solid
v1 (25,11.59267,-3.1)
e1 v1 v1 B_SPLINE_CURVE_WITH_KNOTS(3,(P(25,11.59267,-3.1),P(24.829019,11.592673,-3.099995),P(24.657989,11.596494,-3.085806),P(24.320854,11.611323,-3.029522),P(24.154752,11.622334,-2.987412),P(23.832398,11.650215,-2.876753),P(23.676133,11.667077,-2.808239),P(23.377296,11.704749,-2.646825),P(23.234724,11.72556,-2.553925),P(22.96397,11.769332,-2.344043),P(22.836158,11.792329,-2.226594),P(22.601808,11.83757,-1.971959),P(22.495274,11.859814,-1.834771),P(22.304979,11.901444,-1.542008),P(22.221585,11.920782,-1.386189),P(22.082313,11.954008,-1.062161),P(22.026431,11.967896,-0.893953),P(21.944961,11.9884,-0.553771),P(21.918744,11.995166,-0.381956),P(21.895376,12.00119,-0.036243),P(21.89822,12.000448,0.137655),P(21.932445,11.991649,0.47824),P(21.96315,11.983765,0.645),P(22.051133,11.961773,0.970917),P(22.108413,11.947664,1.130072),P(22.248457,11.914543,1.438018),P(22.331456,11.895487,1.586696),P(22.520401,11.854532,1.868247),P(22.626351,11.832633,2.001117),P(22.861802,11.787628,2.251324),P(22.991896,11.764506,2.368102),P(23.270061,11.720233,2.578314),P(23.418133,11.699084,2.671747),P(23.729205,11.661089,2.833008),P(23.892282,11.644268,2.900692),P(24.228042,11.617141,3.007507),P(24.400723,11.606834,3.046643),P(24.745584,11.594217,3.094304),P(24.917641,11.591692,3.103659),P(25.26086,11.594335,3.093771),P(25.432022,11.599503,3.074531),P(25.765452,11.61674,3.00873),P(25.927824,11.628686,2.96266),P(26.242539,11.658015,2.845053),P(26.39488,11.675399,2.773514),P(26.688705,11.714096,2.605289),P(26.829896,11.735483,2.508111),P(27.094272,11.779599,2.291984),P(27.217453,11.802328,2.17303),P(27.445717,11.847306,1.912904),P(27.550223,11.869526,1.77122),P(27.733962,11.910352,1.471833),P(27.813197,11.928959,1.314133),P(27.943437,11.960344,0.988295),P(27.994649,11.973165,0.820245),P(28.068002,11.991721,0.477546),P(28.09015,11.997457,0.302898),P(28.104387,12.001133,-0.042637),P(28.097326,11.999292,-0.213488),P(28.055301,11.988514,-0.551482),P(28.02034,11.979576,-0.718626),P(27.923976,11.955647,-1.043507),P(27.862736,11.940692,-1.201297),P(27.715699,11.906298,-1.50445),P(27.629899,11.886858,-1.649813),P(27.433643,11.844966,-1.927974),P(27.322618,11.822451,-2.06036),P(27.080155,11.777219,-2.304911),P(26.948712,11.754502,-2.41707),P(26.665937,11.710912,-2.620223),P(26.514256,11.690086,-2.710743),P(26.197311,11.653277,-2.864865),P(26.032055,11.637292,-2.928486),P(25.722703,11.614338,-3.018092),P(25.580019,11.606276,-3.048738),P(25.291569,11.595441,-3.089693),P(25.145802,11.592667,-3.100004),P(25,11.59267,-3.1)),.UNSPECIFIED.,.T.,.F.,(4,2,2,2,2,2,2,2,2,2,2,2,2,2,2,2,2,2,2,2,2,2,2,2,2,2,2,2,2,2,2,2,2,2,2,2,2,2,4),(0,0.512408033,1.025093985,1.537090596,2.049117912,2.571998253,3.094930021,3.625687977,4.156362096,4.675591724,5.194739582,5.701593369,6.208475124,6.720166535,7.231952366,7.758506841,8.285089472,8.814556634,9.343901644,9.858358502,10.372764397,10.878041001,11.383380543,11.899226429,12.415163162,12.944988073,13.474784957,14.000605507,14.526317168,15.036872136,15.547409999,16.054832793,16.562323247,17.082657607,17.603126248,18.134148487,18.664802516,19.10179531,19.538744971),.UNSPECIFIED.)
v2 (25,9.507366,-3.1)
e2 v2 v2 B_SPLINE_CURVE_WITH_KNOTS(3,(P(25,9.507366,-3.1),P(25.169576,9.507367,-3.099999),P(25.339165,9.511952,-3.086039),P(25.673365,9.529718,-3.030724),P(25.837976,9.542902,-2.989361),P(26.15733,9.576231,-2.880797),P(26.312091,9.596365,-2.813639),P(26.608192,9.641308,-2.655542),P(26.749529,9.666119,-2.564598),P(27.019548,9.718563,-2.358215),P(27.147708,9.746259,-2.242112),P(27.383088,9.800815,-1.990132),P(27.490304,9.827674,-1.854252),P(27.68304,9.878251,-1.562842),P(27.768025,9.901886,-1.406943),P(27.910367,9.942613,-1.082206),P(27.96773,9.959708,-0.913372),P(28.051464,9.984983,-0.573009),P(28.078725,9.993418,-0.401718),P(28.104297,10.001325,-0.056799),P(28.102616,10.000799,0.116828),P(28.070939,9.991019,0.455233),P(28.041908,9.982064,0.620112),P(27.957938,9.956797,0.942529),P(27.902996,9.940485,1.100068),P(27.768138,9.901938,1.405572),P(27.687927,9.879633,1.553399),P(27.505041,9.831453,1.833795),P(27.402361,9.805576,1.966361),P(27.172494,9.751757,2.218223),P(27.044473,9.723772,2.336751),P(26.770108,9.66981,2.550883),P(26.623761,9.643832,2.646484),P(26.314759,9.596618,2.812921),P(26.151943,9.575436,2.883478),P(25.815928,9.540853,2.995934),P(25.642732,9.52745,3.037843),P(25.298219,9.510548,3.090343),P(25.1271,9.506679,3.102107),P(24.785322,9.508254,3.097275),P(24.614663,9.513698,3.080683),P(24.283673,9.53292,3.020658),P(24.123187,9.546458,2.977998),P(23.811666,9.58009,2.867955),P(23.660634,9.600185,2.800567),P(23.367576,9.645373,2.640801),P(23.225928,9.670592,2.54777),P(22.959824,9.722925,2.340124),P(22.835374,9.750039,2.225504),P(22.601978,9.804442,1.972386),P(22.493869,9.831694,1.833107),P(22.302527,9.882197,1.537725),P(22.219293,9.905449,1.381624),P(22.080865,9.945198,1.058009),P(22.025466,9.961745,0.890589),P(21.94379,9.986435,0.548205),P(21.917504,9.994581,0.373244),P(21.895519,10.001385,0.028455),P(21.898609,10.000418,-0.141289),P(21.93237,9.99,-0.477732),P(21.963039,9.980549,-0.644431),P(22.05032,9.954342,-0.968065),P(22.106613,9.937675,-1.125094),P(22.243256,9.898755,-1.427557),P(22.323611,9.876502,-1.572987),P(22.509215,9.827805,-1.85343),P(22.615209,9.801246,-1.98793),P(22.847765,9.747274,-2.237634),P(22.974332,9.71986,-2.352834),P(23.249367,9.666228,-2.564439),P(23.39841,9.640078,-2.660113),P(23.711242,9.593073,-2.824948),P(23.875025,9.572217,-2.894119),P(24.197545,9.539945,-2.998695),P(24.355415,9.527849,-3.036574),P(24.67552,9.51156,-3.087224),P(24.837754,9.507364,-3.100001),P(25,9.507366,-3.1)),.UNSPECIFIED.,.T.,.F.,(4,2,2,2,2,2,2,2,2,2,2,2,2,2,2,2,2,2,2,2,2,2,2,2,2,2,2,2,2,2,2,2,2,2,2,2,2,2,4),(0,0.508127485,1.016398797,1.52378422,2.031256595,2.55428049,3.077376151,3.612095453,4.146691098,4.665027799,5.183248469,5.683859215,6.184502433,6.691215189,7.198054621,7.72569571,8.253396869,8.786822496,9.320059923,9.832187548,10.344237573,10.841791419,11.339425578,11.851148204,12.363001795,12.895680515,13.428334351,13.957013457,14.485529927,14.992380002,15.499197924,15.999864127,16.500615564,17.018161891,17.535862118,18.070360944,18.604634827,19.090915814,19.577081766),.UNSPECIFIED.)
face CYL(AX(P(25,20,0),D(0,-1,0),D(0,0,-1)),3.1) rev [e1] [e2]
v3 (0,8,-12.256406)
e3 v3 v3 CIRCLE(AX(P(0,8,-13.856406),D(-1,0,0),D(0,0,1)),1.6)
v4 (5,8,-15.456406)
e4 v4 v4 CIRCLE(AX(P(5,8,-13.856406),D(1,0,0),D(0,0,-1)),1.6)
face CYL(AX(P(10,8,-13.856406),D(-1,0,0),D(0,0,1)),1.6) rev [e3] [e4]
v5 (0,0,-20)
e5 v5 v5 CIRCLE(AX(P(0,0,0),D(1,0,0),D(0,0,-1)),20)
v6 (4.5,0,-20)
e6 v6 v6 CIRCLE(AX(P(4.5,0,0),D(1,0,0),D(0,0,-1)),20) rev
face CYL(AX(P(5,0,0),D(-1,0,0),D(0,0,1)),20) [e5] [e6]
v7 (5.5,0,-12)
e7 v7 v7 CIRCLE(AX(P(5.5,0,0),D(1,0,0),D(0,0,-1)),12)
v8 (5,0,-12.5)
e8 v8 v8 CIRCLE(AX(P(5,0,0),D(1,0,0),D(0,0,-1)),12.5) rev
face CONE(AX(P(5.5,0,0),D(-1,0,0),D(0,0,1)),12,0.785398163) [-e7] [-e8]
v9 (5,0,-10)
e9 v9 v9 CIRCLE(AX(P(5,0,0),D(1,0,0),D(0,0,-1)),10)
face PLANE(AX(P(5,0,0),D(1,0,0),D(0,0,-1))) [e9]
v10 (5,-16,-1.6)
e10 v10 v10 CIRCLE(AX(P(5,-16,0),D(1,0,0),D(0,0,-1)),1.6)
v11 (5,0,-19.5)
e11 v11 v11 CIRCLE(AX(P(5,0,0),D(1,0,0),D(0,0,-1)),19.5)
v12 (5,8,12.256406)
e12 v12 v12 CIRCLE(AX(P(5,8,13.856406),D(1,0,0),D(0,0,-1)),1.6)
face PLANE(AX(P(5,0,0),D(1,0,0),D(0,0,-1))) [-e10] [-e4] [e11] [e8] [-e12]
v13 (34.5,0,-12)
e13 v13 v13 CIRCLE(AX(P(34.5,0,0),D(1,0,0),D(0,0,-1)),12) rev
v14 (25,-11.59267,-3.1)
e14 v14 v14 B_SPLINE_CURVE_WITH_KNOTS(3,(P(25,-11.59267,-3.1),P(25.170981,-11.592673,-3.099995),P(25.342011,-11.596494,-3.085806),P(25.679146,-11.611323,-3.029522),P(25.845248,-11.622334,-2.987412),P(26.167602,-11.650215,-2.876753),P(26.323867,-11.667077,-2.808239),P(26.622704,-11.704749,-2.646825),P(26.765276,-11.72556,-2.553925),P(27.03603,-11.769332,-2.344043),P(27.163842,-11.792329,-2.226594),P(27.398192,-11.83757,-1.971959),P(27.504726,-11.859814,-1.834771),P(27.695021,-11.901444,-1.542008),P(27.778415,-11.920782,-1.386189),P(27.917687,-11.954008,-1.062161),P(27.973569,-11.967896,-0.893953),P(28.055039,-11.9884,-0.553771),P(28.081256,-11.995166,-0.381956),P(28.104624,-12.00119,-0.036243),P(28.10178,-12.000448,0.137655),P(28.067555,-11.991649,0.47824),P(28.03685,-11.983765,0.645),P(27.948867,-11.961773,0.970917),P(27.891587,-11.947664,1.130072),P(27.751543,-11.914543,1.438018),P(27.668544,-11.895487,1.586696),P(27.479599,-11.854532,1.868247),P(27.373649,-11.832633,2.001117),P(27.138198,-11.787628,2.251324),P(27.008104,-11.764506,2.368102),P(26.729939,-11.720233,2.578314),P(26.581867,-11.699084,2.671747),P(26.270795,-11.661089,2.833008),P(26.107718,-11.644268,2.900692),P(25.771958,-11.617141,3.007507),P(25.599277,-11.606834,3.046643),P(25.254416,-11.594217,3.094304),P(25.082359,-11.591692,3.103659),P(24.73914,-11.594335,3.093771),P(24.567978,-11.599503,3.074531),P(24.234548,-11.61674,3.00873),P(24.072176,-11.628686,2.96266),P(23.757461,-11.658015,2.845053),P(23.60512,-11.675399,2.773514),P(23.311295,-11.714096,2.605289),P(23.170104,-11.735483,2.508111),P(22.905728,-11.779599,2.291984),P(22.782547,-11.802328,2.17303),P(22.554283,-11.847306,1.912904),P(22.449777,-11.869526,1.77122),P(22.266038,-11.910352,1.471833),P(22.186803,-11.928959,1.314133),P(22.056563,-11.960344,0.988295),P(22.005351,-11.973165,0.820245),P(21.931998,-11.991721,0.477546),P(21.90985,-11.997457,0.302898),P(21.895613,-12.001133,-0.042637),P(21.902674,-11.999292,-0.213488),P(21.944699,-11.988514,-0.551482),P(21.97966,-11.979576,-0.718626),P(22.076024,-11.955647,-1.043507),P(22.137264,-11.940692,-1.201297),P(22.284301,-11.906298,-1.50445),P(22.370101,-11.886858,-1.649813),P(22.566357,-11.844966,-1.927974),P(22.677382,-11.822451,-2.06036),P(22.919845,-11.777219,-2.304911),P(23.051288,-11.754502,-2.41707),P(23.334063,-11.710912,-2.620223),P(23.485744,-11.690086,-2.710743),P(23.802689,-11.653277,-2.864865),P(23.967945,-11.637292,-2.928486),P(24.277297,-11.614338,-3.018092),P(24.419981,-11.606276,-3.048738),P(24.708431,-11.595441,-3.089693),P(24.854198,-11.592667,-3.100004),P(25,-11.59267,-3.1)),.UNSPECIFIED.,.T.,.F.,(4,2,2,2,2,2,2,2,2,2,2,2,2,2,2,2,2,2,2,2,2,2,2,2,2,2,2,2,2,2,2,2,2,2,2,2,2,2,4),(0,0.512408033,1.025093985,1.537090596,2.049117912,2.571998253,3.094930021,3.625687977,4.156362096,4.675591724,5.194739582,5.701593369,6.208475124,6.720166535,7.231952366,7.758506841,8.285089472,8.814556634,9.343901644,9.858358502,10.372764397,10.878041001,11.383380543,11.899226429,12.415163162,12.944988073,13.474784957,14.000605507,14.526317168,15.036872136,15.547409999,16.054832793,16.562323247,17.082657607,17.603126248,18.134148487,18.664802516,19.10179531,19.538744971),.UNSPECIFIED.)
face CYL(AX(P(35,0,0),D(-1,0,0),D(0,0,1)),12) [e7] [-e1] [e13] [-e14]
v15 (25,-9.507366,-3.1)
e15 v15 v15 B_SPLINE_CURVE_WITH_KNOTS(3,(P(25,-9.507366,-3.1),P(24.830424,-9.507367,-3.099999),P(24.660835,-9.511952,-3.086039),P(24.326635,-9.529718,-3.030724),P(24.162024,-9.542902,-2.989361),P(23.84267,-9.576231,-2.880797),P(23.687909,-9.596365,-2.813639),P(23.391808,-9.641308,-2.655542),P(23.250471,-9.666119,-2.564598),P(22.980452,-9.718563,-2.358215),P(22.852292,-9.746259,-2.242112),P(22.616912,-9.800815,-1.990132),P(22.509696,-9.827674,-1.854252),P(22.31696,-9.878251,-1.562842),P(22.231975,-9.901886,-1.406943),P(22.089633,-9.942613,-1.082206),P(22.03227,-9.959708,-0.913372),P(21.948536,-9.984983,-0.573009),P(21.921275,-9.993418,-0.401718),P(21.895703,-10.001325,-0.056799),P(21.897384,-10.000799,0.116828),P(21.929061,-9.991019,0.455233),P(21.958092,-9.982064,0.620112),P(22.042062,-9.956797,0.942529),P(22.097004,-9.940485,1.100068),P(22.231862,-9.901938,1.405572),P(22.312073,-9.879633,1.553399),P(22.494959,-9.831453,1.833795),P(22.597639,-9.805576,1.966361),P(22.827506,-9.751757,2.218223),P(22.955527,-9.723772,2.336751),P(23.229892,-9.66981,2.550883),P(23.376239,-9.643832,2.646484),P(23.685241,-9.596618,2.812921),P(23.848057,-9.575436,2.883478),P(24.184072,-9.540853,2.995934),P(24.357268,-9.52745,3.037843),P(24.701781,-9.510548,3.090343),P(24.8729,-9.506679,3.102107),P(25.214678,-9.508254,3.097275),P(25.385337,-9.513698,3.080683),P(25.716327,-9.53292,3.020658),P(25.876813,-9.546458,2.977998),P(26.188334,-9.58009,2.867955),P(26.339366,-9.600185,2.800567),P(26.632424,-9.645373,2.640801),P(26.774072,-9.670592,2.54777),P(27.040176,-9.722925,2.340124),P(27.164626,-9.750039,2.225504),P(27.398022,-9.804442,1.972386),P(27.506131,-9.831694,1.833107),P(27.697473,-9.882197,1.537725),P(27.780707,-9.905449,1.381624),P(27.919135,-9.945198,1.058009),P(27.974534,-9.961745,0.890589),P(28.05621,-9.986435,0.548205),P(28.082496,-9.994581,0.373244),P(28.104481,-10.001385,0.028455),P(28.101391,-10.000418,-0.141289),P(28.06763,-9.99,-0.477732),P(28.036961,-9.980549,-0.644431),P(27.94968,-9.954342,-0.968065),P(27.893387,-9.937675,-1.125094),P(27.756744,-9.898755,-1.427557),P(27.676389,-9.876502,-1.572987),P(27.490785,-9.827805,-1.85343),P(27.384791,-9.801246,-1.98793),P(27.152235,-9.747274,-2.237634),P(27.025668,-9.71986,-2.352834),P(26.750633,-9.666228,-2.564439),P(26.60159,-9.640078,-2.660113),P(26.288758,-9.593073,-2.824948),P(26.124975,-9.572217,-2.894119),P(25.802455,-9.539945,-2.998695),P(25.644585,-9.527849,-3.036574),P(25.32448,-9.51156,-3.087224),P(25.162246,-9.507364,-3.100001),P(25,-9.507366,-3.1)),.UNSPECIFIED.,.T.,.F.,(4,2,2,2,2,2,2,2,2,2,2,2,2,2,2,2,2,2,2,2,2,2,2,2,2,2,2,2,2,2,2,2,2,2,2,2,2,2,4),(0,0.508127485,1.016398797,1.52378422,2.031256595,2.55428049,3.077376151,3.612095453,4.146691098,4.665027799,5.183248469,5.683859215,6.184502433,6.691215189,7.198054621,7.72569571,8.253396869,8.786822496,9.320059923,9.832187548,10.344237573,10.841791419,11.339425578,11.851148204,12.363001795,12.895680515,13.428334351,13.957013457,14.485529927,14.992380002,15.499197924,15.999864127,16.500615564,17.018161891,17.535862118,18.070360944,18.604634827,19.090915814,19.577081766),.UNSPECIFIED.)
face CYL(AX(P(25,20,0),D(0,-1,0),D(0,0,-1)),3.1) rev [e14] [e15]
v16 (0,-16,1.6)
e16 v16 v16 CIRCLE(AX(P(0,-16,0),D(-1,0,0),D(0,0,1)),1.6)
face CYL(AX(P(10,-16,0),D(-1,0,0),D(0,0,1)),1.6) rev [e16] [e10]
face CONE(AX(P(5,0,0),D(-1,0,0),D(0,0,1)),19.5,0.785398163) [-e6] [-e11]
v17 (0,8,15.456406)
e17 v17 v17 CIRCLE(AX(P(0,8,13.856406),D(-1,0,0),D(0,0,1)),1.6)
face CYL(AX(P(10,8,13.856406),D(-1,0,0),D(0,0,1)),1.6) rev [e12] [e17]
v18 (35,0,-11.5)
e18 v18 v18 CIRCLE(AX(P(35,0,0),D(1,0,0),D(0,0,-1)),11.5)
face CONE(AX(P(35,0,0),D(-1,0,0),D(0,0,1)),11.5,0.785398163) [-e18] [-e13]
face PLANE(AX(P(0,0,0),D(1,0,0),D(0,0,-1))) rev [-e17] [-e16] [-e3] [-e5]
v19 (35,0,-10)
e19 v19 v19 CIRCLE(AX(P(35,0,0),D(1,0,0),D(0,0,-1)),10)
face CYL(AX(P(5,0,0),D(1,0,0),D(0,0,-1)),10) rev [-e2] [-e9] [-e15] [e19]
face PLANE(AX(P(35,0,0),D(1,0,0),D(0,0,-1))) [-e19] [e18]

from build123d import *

# Parameters (mm, degrees)
SKETCH_1_R               = 20
EXTRUDE_1_DEPTH          = 5
SKETCH_6_R               = 12
EXTRUDE_2_DEPTH          = 30
SKETCH_7_R               = 10
CUT_EXTRUDE_2_DEPTH      = 30
CHAMFER_1_SIZE           = 0.5
CUT_EXTRUDE_3_DEPTH      = 46
CUT_EXTRUDE_3_DEPTH_BACK = 46
SKETCH_8_R               = 3.1
CHAMFER_2_SIZE           = 0.5
CHAMFER_3_SIZE           = 0.5
SKETCH_9_R               = 1.6
CUT_EXTRUDE_4_DEPTH      = 10


with BuildPart() as part:
    # 草图1 → 凸台-拉伸1 (new body)
    with BuildSketch(Plane(origin=(0, 0, 0), x_dir=(0, 0, -1), z_dir=(1, 0, 0))):
        Circle(SKETCH_1_R)
    extrude(amount=EXTRUDE_1_DEPTH)

    # 草图6 → 凸台-拉伸2 (add)
    with BuildSketch(Plane(origin=(5, 0, 0), x_dir=(0, 0, -1), z_dir=(1, 0, 0))):
        Circle(SKETCH_6_R)
    extrude(amount=EXTRUDE_2_DEPTH)

    # 草图7 → 切除-拉伸2 (cut)
    with BuildSketch(Plane(origin=(35, 0, 0), x_dir=(0, 0, -1), z_dir=(1, 0, 0))):
        Circle(SKETCH_7_R)
    extrude(amount=-CUT_EXTRUDE_2_DEPTH, mode=Mode.SUBTRACT)

    # 倒角1
    chamfer_1_edges = [part.edges().sort_by_distance(p)[0] for p in [
        (35, 0, 12),
    ]]
    chamfer(chamfer_1_edges, length=CHAMFER_1_SIZE)

    # 草图8 → 切除-拉伸3 (cut, two sides: drawn at the far end of the back side and taken through both)
    with BuildSketch(Plane(origin=(0, 0, 0), x_dir=(1, 0, 0), z_dir=(0, 1, 0)).offset(-CUT_EXTRUDE_3_DEPTH_BACK)):
        with Locations(Location((25, 0, 0), (0, 0, 90))):
            Circle(SKETCH_8_R)
    extrude(amount=CUT_EXTRUDE_3_DEPTH + CUT_EXTRUDE_3_DEPTH_BACK, mode=Mode.SUBTRACT)

    # 倒角2
    chamfer_2_edges = [part.edges().sort_by_distance(p)[0] for p in [
        (5, 0, 20),
    ]]
    chamfer(chamfer_2_edges, length=CHAMFER_2_SIZE)

    # 倒角3
    chamfer_3_edges = [part.edges().sort_by_distance(p)[0] for p in [
        (5, 0, 12),
    ]]
    chamfer(chamfer_3_edges, length=CHAMFER_3_SIZE)

    # 草图9 → 切除-拉伸4 (cut)
    with BuildSketch(Plane.ZY):
        with Locations((-13.856406461, 8)):
            Circle(SKETCH_9_R)
        with Locations((13.856406461, 8)):
            Circle(SKETCH_9_R)
        with Locations((0, -16)):
            Circle(SKETCH_9_R)
    extrude(amount=-CUT_EXTRUDE_4_DEPTH, mode=Mode.SUBTRACT)


solid = part.part
